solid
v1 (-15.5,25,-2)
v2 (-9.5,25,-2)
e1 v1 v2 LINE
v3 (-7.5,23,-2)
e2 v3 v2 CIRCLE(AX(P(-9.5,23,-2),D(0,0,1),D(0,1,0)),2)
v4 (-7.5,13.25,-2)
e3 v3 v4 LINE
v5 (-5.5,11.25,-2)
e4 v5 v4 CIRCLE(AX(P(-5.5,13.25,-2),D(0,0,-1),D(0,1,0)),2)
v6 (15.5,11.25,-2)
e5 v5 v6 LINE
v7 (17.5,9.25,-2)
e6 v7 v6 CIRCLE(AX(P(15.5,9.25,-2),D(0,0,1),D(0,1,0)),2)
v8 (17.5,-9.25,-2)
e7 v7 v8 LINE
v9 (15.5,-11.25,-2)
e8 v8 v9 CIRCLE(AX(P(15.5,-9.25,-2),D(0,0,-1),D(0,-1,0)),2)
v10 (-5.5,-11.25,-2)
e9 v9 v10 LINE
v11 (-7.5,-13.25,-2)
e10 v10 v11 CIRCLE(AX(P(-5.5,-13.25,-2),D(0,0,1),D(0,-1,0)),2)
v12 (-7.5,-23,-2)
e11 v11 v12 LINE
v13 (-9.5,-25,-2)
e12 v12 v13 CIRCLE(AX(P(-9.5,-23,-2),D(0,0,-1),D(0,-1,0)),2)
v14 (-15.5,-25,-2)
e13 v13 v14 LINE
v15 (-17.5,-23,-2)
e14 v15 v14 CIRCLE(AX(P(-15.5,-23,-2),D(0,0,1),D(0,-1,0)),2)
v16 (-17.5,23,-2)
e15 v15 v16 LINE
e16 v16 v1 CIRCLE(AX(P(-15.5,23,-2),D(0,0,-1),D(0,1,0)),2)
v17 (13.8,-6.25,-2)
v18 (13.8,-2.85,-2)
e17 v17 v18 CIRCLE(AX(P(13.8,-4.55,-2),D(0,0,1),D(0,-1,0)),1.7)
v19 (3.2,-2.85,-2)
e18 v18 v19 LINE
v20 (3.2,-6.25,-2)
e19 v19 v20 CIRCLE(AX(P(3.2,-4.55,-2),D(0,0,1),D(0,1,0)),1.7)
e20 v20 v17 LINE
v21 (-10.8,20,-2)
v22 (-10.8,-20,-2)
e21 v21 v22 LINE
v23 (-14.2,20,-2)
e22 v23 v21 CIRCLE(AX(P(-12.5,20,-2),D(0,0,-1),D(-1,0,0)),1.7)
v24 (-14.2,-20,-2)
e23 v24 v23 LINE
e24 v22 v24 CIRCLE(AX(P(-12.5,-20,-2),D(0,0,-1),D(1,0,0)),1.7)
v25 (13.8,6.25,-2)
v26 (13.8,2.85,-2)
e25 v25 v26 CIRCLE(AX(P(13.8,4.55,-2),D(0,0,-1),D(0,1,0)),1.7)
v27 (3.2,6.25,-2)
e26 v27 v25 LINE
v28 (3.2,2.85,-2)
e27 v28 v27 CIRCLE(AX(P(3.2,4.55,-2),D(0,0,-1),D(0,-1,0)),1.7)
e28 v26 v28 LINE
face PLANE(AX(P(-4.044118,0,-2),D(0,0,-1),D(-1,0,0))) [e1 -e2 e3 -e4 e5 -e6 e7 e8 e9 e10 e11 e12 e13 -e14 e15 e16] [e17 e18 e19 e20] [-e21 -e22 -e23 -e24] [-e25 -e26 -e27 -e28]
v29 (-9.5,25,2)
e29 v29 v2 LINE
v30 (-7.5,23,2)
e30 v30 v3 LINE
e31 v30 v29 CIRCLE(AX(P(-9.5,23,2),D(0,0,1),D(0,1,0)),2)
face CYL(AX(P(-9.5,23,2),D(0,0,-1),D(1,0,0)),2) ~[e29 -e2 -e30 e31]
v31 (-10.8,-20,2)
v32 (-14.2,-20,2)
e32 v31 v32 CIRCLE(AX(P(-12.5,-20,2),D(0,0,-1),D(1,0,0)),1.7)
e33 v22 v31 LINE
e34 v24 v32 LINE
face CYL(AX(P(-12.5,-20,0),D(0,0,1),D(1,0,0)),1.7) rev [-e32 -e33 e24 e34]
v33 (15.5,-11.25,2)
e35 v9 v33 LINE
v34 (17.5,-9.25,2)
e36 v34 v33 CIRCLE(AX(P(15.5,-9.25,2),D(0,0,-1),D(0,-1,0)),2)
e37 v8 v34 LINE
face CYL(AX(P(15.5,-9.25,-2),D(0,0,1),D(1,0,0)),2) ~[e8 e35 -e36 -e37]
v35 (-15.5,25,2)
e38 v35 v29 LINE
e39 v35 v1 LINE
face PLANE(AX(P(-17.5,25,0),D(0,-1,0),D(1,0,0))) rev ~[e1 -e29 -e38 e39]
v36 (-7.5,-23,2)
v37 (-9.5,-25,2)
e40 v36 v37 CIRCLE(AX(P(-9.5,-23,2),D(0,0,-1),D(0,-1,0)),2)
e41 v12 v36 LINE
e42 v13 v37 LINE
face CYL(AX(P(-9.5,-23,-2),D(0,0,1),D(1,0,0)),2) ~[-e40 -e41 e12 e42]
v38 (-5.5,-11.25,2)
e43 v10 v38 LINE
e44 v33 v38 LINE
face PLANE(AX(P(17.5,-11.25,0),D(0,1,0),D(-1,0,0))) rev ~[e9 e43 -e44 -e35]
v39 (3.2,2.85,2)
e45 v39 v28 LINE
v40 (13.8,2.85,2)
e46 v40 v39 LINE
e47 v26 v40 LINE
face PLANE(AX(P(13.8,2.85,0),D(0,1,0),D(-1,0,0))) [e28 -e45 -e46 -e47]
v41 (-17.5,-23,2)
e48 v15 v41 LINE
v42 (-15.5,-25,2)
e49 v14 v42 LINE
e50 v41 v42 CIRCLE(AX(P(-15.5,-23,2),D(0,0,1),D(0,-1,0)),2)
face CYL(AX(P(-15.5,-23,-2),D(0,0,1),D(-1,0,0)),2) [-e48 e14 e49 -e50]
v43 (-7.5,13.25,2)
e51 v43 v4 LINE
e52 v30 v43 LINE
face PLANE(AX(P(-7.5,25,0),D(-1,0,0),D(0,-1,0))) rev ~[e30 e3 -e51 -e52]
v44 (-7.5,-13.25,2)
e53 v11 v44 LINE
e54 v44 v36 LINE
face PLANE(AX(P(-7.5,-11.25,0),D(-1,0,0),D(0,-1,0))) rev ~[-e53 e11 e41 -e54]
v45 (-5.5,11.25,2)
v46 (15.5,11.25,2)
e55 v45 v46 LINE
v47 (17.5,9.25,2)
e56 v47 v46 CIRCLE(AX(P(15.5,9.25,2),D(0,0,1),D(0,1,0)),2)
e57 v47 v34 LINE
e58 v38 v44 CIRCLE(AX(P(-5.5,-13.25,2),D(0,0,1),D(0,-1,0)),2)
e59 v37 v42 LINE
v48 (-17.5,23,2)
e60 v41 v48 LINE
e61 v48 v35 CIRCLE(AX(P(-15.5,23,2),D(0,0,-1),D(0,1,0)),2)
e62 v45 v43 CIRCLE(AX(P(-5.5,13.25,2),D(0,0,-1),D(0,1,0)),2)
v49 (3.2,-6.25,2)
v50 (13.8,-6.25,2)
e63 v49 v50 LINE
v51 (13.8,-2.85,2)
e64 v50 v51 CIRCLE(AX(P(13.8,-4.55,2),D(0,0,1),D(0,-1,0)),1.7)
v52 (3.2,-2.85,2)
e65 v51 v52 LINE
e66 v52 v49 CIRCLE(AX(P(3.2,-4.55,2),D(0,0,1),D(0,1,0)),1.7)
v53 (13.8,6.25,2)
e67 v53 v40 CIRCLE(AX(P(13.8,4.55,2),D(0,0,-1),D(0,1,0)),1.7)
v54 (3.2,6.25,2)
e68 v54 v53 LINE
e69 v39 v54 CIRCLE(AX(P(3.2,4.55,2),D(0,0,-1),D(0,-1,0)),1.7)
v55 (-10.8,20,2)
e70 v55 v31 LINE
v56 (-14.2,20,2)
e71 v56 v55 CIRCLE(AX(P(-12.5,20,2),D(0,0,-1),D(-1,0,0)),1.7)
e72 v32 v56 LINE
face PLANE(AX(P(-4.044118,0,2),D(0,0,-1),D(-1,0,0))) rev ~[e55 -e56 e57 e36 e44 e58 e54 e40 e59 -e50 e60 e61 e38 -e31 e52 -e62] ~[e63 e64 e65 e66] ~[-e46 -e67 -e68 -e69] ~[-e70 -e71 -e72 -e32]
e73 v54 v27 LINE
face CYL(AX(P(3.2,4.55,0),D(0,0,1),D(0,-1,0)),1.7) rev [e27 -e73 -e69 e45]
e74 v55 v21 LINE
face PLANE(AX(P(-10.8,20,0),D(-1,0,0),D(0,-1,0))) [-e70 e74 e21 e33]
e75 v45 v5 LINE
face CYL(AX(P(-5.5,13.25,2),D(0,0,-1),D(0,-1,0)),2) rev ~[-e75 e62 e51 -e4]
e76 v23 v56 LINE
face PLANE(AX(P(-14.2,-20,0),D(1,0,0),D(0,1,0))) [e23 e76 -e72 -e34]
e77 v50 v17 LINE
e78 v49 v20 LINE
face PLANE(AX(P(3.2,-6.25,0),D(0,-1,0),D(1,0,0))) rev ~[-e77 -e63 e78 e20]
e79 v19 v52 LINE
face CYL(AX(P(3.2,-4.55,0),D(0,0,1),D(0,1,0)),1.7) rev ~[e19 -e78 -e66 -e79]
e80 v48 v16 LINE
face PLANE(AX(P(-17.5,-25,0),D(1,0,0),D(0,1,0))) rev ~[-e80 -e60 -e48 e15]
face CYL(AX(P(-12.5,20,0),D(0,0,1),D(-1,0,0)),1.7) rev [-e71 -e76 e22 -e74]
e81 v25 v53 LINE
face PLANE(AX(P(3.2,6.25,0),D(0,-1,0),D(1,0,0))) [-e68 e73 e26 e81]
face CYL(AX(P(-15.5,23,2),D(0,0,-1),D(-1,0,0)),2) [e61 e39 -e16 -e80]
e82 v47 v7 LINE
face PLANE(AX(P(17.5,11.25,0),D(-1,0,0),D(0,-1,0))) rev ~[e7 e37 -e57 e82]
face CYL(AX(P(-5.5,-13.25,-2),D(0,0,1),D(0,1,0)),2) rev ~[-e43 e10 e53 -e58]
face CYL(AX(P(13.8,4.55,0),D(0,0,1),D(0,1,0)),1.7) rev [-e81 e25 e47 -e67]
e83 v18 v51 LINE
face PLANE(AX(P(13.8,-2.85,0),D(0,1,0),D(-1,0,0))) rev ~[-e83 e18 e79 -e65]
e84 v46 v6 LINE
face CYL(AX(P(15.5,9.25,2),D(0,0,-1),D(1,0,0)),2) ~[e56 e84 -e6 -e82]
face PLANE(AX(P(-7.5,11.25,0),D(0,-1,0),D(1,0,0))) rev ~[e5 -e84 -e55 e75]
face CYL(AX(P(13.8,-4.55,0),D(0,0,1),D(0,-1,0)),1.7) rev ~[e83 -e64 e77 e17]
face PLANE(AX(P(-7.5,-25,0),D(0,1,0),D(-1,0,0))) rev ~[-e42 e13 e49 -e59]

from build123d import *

# Parameters (mm, degrees)
BOSS_EXTRU_1_DEPTH = 2
CONG_1_R           = 2


with BuildPart() as part:
    # Esquisse1 → Boss.-Extru.1 (new body, symmetric)
    with BuildSketch(Plane.XY):
        Polygon((-17.5, -25), (-17.5, 25), (-7.5, 25), (-7.5, 11.25), (17.5, 11.25), (17.5, -11.25), (-7.5, -11.25), (-7.5, -25), align=None)
        with BuildLine():
            Line((3.2, 6.25), (13.8, 6.25))
            ThreePointArc((13.8, 6.25), (15.5, 4.55), (13.8, 2.85))
            Line((13.8, 2.85), (3.2, 2.85))
            ThreePointArc((3.2, 2.85), (1.5, 4.55), (3.2, 6.25))
        make_face(mode=Mode.SUBTRACT)
        with BuildLine():
            Line((3.2, -6.25), (13.8, -6.25))
            ThreePointArc((13.8, -6.25), (15.5, -4.55), (13.8, -2.85))
            Line((13.8, -2.85), (3.2, -2.85))
            ThreePointArc((3.2, -2.85), (1.5, -4.55), (3.2, -6.25))
        make_face(mode=Mode.SUBTRACT)
        with BuildLine():
            Line((-10.8, 20), (-10.8, -20))
            ThreePointArc((-10.8, -20), (-12.5, -21.7), (-14.2, -20))
            Line((-14.2, -20), (-14.2, 20))
            ThreePointArc((-14.2, 20), (-12.5, 21.7), (-10.8, 20))
        make_face(mode=Mode.SUBTRACT)
    extrude(amount=BOSS_EXTRU_1_DEPTH, both=True)

    # Congé1
    cong_1_edges = [part.edges().sort_by_distance(p)[0] for p in [
        (-17.5, -25, 0),
        (-17.5, 25, 0),
        (-7.5, 25, 0),
        (-7.5, 11.25, 0),
        (17.5, 11.25, 0),
        (17.5, -11.25, 0),
        (-7.5, -11.25, 0),
        (-7.5, -25, 0),
    ]]
    fillet(cong_1_edges, radius=CONG_1_R)


solid = part.part
